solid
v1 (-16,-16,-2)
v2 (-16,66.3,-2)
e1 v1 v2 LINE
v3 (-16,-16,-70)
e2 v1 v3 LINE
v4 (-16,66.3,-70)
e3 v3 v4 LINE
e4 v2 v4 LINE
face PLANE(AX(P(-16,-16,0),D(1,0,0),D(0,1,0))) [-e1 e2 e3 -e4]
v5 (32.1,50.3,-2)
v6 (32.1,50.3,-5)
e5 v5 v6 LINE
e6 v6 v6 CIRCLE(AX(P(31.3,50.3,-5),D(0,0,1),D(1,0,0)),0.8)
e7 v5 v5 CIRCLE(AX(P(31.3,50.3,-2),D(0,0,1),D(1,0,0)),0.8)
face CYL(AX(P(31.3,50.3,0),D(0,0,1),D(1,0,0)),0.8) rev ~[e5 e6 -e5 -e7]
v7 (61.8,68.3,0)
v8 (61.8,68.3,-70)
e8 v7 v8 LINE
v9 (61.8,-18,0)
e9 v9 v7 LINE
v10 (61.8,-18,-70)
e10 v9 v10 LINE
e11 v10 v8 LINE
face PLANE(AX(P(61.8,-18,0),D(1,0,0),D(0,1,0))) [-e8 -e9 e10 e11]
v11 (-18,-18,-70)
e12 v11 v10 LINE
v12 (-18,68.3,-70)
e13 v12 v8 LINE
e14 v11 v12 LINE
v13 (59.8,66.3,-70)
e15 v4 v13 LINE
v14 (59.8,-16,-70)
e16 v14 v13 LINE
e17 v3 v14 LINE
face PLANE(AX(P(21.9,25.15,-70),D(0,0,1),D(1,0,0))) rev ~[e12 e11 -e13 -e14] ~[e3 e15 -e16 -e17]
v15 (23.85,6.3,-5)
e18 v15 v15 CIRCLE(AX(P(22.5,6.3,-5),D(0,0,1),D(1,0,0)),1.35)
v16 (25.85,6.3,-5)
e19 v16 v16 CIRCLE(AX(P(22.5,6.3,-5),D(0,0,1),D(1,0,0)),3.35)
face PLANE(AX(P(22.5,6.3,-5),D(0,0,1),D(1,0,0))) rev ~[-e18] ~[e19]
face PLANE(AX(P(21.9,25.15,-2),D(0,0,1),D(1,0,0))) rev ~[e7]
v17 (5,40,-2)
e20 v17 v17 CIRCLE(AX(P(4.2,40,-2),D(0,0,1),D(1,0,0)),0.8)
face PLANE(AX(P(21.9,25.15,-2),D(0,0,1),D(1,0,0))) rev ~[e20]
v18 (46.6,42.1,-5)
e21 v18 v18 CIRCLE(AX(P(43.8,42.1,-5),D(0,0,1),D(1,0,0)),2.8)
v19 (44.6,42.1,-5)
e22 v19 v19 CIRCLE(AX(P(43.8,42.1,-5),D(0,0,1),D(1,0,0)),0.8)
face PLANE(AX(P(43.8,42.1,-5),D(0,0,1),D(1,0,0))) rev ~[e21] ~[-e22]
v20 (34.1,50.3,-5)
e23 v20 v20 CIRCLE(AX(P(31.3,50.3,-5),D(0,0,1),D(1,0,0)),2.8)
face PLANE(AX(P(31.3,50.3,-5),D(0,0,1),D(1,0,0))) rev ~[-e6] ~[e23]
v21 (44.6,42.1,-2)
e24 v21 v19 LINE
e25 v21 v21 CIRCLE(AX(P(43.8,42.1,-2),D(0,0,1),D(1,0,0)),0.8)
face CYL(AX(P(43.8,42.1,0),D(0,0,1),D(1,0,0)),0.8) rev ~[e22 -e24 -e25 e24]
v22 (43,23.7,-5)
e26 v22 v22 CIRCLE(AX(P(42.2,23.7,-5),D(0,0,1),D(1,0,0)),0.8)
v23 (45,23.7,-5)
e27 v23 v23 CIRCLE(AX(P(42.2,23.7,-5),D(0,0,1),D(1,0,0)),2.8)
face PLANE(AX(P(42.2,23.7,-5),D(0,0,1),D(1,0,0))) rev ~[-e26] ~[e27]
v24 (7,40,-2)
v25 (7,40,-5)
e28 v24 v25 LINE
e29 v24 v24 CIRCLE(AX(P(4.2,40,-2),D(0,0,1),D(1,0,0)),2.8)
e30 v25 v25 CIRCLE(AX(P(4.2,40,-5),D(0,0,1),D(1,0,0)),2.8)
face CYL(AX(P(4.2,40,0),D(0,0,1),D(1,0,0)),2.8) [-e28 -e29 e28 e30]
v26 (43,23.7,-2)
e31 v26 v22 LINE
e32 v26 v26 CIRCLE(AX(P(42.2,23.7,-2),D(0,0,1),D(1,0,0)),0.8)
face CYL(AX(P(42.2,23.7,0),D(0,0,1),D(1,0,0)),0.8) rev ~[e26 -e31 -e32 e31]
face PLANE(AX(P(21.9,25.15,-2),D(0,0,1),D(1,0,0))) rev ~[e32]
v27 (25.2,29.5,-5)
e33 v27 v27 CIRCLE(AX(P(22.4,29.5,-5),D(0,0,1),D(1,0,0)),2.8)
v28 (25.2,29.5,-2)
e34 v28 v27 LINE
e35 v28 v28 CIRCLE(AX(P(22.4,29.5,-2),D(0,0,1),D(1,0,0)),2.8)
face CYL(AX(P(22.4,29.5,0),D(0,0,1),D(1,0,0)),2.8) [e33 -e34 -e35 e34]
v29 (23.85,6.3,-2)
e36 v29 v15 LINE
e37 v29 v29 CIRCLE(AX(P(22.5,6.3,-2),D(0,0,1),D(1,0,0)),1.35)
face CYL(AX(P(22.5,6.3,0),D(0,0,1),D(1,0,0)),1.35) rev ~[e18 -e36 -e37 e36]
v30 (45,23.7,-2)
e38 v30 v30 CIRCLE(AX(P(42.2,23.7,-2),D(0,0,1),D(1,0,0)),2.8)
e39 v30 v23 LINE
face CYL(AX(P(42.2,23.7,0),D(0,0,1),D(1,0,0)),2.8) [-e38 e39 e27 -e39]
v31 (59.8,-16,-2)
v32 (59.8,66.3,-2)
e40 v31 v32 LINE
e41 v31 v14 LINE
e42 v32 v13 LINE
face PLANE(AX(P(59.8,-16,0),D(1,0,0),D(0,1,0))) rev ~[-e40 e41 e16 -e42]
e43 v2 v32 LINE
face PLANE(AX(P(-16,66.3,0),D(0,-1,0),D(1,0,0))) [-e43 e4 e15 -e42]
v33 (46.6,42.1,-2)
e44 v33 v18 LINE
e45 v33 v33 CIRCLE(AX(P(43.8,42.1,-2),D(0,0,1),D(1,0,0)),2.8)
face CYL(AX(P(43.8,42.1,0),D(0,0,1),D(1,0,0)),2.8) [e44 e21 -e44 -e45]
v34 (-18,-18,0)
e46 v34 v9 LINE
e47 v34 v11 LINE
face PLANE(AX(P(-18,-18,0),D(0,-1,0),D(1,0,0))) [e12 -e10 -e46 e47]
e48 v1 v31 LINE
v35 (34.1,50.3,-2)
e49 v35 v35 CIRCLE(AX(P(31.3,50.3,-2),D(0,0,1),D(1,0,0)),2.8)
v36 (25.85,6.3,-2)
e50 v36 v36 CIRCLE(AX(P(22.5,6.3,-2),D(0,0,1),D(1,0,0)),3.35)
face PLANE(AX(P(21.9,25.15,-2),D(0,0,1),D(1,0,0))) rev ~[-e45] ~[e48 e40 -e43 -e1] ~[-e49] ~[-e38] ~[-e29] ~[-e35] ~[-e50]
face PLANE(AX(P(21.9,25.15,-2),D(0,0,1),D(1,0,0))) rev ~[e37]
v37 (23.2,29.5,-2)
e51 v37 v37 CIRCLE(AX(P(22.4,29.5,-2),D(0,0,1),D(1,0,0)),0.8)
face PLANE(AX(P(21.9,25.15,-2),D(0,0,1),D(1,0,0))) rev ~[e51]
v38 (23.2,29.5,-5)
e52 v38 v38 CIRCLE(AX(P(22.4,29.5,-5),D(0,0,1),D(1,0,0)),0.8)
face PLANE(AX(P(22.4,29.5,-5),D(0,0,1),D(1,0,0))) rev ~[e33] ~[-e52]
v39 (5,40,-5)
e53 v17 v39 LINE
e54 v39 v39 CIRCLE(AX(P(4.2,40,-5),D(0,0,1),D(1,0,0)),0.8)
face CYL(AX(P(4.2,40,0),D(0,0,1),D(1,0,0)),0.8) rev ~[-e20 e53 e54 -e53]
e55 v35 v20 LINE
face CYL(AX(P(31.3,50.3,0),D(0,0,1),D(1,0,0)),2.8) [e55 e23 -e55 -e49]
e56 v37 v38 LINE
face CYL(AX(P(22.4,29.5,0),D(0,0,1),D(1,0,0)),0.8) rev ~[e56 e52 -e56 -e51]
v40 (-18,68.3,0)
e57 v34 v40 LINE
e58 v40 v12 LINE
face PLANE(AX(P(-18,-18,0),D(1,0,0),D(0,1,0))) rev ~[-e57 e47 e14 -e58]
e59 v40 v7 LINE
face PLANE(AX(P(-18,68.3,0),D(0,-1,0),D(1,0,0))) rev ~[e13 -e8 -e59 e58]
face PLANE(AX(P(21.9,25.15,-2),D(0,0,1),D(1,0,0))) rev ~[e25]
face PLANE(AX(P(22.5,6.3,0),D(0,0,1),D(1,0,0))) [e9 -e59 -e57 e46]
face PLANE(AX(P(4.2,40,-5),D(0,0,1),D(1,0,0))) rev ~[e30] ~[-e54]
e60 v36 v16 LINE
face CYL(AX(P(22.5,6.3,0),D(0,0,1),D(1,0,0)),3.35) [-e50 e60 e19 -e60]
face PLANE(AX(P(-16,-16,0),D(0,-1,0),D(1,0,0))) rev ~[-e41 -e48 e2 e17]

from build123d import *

# Parameters (mm, degrees)
F1_W     = 79.8
F1_H     = 86.3
F1_W_2   = 75.8
F1_H_2   = 82.3
F2_DEPTH = 70
F3_DEPTH = 2
F4_R     = 3.35
F4_R_2   = 1.35
F4_R_3   = 2.8
F4_R_4   = 0.8
F5_DEPTH = 5


with BuildPart() as f2:
    # F1 (on Top) → F2 (new body)
    with BuildSketch(Plane.XY):
        with Locations((21.9, 25.15)):
            Rectangle(F1_W, F1_H)
        with Locations((21.9, 25.15)):
            Rectangle(F1_W_2, F1_H_2, mode=Mode.SUBTRACT)
    extrude(amount=-F2_DEPTH)

    # F1 (on Top) → F3 (join)
    with BuildSketch(Plane.XY):
        with Locations((21.9, 25.15)):
            Rectangle(F1_W_2, F1_H_2)
    extrude(amount=-F3_DEPTH)

    # F4 (on Top) → F5 (join)
    with BuildSketch(Plane.XY):
        with Locations((22.5, 6.3)):
            Circle(F4_R)
        with Locations((22.5, 6.3)):
            Circle(F4_R_2, mode=Mode.SUBTRACT)
        with Locations((42.2, 23.7)):
            Circle(F4_R_3)
        with Locations((42.2, 23.7)):
            Circle(F4_R_4, mode=Mode.SUBTRACT)
        with Locations((22.4, 29.5)):
            Circle(F4_R_3)
        with Locations((22.4, 29.5)):
            Circle(F4_R_4, mode=Mode.SUBTRACT)
        with Locations((4.2, 40)):
            Circle(F4_R_3)
        with Locations((4.2, 40)):
            Circle(F4_R_4, mode=Mode.SUBTRACT)
        with Locations((43.8, 42.1)):
            Circle(F4_R_3)
        with Locations((43.8, 42.1)):
            Circle(F4_R_4, mode=Mode.SUBTRACT)
        with Locations((31.3, 50.3)):
            Circle(F4_R_3)
        with Locations((31.3, 50.3)):
            Circle(F4_R_4, mode=Mode.SUBTRACT)
    extrude(amount=-F5_DEPTH)


solid = f2.part
